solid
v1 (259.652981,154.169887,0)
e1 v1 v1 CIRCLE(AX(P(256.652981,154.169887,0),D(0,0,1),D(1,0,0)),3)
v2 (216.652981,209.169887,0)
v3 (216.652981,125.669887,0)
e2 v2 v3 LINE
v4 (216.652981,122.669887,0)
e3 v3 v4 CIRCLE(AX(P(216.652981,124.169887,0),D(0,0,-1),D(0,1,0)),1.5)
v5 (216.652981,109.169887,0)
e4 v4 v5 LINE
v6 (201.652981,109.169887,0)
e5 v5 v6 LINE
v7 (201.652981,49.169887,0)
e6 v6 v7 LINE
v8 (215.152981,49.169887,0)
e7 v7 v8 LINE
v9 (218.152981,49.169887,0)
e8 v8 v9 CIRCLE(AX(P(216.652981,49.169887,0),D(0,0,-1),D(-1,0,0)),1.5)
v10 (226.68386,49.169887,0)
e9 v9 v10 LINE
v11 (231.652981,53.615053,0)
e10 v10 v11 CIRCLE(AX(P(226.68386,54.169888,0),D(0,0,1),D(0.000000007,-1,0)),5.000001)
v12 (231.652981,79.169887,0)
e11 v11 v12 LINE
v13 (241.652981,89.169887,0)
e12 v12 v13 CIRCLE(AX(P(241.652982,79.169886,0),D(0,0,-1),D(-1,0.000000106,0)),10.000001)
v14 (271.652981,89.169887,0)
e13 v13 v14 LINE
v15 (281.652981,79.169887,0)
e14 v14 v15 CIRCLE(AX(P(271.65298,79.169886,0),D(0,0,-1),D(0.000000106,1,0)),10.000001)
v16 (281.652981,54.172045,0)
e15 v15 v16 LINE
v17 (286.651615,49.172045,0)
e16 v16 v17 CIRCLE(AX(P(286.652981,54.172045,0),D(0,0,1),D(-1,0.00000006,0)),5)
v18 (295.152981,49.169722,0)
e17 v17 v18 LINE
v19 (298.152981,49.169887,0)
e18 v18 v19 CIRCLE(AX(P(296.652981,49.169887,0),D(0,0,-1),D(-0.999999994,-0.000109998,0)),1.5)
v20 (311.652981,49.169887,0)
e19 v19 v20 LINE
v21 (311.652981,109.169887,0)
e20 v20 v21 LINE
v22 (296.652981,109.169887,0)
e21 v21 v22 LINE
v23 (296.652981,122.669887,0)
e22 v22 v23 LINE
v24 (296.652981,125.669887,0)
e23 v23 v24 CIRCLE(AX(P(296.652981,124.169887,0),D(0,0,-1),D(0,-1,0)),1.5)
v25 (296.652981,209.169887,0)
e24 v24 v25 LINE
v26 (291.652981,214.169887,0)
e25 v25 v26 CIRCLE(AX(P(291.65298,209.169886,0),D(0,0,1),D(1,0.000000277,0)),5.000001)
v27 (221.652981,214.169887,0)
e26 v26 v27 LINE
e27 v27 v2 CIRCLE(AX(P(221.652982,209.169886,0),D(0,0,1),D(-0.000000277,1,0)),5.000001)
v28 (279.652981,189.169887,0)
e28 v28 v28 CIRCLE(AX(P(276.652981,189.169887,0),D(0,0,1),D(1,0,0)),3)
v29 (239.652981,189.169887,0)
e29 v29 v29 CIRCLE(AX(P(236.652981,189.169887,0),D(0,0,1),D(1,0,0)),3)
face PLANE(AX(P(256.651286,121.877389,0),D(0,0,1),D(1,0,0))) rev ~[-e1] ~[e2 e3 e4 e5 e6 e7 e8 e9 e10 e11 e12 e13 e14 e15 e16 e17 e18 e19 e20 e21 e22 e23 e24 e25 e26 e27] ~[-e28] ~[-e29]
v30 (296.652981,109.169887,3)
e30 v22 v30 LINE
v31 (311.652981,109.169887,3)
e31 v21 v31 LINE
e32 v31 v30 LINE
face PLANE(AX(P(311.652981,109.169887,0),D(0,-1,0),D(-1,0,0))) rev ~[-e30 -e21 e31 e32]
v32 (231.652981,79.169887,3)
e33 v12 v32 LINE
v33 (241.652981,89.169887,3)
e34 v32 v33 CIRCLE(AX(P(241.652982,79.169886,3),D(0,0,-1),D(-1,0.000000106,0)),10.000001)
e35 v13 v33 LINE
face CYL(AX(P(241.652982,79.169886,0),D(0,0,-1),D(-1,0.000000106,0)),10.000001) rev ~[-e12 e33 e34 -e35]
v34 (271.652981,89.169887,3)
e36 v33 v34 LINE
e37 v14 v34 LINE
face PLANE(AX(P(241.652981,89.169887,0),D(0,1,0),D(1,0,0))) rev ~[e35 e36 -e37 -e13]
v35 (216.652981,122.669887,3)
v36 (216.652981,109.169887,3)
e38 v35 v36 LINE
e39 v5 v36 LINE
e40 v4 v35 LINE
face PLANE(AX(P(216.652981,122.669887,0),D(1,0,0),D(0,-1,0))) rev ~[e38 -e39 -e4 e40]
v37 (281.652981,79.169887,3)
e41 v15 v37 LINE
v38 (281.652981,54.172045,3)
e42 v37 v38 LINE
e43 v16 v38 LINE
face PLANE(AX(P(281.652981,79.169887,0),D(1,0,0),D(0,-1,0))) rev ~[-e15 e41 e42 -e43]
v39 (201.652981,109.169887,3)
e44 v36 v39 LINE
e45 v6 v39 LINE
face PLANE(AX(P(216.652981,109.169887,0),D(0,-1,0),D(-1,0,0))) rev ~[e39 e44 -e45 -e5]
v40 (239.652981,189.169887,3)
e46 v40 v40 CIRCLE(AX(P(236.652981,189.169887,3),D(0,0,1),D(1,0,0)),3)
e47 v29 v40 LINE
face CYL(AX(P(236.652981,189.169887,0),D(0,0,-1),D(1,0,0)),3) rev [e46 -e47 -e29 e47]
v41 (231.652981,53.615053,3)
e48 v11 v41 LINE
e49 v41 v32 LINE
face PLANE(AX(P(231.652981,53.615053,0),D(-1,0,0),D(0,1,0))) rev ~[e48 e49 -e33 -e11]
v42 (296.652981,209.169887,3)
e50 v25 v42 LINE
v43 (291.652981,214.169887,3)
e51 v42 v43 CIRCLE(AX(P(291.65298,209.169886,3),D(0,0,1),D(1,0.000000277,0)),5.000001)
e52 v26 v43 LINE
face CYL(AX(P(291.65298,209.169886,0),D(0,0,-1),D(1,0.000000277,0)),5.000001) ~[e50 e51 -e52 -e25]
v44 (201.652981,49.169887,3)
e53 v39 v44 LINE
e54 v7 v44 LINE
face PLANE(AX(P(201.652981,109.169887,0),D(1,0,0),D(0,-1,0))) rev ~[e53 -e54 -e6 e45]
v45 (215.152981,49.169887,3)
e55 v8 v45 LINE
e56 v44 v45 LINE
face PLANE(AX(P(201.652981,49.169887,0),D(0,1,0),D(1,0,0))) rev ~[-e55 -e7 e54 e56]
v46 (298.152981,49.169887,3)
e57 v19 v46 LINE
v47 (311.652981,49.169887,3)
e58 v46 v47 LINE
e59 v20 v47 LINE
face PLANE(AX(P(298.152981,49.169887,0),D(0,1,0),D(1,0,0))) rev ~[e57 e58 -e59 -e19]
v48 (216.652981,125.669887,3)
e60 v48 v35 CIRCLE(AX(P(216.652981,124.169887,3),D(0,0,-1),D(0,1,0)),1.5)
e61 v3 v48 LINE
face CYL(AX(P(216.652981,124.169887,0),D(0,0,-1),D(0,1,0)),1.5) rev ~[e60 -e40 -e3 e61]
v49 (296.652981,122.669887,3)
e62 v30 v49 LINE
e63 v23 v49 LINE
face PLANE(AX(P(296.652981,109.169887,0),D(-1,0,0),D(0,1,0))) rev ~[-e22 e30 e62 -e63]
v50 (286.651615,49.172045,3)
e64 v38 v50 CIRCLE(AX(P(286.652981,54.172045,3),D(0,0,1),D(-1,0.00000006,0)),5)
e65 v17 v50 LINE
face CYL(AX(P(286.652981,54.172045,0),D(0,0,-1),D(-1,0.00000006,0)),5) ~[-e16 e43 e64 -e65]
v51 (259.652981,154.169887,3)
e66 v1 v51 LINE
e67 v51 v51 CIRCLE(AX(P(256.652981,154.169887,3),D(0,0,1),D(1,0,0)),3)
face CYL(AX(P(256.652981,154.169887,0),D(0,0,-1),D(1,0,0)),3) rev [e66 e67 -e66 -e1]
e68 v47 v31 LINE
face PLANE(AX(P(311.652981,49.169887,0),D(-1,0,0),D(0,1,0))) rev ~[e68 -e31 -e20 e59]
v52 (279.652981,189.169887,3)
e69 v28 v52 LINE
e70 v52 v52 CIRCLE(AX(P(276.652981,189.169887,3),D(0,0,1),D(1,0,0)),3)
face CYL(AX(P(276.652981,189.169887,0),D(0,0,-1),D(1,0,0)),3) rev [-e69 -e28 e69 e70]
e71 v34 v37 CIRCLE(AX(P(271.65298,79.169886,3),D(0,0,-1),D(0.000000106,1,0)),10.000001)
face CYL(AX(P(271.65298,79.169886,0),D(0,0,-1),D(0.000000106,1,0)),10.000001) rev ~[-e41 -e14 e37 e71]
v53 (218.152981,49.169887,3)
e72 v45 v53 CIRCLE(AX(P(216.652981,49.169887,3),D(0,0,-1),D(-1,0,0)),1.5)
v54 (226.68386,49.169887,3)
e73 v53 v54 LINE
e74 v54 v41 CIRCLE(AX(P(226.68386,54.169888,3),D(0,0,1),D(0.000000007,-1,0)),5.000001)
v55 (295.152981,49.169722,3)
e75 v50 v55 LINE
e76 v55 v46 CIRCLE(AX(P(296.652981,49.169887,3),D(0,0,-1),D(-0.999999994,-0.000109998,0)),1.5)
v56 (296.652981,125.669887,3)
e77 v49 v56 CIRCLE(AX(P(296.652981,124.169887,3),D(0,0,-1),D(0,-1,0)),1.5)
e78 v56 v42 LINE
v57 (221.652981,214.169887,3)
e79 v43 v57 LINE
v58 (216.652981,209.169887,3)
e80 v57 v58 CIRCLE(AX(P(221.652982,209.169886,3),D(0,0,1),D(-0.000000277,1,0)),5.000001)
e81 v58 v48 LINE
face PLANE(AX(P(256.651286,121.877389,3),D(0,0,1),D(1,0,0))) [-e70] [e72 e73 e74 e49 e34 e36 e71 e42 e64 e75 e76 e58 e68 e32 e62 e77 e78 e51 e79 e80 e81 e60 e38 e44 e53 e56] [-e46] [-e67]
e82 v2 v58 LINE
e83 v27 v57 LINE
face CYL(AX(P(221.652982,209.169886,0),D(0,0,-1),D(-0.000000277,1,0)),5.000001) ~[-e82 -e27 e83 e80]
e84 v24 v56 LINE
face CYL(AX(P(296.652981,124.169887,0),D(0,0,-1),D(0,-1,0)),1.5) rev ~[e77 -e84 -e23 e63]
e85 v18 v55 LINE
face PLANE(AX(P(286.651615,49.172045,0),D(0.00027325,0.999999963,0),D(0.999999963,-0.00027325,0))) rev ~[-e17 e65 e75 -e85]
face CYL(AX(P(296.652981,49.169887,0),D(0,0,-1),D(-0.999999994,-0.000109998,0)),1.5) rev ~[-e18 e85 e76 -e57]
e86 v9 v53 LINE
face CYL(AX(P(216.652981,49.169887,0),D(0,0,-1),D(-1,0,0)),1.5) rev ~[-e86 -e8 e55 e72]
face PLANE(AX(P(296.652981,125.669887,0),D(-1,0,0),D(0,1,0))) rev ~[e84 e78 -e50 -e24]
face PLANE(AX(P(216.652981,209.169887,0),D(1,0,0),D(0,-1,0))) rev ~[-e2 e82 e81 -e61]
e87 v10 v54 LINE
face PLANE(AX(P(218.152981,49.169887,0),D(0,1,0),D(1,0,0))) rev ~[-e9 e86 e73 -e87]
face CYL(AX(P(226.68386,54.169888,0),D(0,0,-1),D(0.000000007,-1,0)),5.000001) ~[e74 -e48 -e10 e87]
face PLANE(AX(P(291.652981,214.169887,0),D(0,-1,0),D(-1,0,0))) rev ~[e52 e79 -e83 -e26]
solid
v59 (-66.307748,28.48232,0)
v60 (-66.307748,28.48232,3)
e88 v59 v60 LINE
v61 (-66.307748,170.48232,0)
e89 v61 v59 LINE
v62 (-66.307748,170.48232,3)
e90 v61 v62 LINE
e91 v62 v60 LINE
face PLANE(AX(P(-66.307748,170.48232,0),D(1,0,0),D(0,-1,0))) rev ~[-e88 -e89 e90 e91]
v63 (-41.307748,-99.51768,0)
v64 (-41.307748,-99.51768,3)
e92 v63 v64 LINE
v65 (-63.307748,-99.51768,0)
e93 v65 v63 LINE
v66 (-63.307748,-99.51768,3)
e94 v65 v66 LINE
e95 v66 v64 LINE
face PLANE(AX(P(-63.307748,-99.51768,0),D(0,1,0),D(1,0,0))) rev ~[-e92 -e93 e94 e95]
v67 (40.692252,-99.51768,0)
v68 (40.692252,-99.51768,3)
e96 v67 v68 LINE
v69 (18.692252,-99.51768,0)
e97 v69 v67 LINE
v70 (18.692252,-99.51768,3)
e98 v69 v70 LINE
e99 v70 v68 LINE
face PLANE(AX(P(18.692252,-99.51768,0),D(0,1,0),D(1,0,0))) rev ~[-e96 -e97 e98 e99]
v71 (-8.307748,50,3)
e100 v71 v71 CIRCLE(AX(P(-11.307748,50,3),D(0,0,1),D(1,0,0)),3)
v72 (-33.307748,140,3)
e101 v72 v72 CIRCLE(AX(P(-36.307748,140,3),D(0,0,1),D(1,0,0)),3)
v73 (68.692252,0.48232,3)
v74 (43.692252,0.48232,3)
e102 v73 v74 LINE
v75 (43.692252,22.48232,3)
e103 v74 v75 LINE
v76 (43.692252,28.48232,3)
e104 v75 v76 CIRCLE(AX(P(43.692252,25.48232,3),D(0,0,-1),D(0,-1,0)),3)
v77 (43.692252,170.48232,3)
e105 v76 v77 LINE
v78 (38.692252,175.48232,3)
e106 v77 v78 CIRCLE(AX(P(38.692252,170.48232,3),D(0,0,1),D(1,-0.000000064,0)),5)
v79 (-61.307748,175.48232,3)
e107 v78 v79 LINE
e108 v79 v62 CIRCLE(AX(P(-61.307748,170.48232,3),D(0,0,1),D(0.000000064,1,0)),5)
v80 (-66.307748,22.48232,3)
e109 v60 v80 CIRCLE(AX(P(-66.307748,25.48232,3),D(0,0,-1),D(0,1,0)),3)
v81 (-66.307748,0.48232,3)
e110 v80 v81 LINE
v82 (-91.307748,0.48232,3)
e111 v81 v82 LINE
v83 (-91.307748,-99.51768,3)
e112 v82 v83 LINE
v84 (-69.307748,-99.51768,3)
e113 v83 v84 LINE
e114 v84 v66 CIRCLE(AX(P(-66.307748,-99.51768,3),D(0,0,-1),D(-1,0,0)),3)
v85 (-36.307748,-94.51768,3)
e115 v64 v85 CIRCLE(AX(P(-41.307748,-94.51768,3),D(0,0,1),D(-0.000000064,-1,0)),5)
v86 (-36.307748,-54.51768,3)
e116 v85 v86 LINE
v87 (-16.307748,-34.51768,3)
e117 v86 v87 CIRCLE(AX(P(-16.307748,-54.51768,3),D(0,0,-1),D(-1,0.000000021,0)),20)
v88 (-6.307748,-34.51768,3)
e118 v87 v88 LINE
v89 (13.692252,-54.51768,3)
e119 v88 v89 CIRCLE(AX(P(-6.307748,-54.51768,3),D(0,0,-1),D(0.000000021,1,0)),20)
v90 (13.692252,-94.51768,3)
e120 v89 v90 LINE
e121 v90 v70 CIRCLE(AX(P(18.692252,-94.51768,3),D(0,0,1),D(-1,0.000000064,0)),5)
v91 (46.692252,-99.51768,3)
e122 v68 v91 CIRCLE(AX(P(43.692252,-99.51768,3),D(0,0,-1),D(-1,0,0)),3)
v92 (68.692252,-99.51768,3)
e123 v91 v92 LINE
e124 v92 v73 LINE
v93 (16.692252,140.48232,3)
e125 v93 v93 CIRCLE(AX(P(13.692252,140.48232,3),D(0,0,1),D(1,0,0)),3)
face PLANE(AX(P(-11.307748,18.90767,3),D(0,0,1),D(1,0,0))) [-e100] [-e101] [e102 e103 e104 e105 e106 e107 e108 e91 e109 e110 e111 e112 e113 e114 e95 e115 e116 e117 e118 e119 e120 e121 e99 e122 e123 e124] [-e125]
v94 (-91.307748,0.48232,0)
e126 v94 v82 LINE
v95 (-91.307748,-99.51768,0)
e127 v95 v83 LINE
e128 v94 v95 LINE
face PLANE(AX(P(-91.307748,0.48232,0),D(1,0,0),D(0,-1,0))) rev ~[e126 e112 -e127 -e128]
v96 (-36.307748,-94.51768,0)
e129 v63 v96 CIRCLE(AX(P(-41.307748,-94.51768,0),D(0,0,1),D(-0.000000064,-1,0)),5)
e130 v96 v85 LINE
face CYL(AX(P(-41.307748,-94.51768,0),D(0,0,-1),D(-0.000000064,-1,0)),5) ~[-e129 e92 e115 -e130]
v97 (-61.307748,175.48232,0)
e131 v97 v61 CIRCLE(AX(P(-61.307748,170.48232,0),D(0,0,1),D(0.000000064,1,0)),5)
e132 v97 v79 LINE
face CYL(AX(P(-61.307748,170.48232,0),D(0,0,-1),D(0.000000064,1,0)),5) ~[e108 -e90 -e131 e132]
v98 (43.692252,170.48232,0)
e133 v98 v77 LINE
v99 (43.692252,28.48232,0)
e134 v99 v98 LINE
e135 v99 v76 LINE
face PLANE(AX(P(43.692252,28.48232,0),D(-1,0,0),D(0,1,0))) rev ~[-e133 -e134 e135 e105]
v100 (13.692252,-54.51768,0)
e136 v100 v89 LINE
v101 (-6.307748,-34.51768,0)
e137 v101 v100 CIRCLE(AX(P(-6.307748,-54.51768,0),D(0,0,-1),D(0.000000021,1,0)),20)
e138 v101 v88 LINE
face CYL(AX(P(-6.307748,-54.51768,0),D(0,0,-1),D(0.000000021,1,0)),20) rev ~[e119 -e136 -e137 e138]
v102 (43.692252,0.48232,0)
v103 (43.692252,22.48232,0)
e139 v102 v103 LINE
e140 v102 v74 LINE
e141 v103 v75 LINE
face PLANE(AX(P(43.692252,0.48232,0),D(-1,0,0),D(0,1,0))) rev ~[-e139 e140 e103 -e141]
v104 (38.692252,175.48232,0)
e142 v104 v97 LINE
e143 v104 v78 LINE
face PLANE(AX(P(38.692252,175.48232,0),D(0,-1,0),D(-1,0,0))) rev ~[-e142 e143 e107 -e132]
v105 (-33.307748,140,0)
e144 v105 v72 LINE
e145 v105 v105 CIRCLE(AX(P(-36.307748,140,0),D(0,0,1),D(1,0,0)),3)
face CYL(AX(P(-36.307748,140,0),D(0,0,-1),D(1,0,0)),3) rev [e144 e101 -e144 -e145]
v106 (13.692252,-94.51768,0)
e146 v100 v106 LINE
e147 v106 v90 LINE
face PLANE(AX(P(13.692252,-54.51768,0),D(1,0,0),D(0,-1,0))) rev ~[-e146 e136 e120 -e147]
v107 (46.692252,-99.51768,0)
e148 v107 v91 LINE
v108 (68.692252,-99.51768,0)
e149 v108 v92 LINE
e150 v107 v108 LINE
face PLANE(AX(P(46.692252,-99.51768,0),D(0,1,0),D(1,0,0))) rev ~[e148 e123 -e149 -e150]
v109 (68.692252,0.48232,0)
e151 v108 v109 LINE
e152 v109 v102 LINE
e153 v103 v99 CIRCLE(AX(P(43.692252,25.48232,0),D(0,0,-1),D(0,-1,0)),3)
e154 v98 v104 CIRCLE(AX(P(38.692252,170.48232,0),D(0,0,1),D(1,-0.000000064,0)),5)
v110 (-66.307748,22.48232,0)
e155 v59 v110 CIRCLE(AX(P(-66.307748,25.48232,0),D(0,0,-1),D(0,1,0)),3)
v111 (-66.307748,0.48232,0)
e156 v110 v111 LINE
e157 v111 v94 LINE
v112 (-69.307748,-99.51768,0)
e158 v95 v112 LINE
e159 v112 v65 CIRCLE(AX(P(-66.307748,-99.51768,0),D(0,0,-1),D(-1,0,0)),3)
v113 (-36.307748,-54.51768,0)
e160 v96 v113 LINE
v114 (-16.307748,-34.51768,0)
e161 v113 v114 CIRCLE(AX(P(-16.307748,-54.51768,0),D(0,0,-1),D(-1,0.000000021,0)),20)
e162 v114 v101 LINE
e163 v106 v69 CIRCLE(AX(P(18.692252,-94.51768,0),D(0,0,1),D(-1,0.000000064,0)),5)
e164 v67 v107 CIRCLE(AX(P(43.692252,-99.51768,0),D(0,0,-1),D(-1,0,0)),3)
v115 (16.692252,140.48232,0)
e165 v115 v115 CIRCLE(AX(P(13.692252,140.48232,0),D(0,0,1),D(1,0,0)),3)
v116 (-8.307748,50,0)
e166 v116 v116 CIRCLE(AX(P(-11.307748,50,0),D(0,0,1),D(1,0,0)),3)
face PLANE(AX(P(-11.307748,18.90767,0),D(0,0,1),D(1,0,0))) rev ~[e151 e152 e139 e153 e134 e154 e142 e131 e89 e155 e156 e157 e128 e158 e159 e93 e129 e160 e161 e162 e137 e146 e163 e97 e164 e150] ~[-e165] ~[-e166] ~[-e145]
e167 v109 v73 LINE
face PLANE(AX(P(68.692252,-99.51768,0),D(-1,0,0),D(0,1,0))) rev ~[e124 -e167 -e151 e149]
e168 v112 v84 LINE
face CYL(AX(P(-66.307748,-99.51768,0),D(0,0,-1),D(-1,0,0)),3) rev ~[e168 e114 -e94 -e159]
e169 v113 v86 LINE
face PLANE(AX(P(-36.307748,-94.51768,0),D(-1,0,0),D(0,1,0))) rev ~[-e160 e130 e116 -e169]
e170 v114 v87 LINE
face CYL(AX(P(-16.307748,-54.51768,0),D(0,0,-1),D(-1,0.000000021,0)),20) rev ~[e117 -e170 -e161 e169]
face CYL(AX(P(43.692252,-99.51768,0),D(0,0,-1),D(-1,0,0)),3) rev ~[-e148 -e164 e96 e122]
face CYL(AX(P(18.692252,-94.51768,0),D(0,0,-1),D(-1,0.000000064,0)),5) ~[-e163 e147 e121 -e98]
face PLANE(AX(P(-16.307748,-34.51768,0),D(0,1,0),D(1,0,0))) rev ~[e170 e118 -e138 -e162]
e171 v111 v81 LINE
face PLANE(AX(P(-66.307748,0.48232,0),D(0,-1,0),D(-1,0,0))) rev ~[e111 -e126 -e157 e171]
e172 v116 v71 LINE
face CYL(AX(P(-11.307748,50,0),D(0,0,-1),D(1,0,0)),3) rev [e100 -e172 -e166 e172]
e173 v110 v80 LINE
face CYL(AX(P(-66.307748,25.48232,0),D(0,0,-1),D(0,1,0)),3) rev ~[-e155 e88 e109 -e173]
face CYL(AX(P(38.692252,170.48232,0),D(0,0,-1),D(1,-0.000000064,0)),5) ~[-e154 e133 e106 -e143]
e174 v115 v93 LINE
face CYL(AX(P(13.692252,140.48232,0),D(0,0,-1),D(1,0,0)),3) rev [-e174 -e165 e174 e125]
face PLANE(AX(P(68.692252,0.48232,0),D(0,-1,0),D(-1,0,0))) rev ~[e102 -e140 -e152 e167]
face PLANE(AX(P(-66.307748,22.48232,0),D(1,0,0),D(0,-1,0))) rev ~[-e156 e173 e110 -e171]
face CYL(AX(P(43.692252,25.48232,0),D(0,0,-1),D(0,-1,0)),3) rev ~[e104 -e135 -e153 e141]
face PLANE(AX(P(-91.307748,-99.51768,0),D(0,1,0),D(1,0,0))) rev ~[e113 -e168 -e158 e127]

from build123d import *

# Parameters (mm, degrees)
F0_R     = 3
F1_DEPTH = 3
F2_R     = 3
F3_DEPTH = 3


with BuildPart() as f1:
    # F0 (on Top) → F1 (new body)
    with BuildSketch(Plane.XY):
        with BuildLine():
            Line((38.692252, 175.48232), (-61.307748, 175.48232))
            ThreePointArc((-61.307748, 175.48232), (-64.843282, 174.017854), (-66.307748, 170.48232))
            Line((-66.307748, 170.48232), (-66.307748, 28.48232))
            ThreePointArc((-66.307748, 28.48232), (-63.307748, 25.48232), (-66.307748, 22.48232))
            Line((-66.307748, 22.48232), (-66.307748, 0.48232))
            Line((-66.307748, 0.48232), (-91.307748, 0.48232))
            Line((-91.307748, 0.48232), (-91.307748, -99.51768))
            Line((-91.307748, -99.51768), (-69.307748, -99.51768))
            ThreePointArc((-69.307748, -99.51768), (-66.307748, -96.51768), (-63.307748, -99.51768))
            Line((-63.307748, -99.51768), (-41.307748, -99.51768))
            ThreePointArc((-41.307748, -99.51768), (-37.772214, -98.053214), (-36.307748, -94.51768))
            Line((-36.307748, -94.51768), (-36.307748, -54.51768))
            ThreePointArc((-36.307748, -54.51768), (-30.449884, -40.375545), (-16.307748, -34.51768))
            Line((-16.307748, -34.51768), (-6.307748, -34.51768))
            ThreePointArc((-6.307748, -34.51768), (7.834388, -40.375545), (13.692252, -54.51768))
            Line((13.692252, -54.51768), (13.692252, -94.51768))
            ThreePointArc((13.692252, -94.51768), (15.156718, -98.053214), (18.692252, -99.51768))
            Line((18.692252, -99.51768), (40.692252, -99.51768))
            ThreePointArc((40.692252, -99.51768), (43.692252, -96.51768), (46.692252, -99.51768))
            Line((46.692252, -99.51768), (68.692252, -99.51768))
            Line((68.692252, -99.51768), (68.692252, 0.48232))
            Line((68.692252, 0.48232), (43.692252, 0.48232))
            Line((43.692252, 0.48232), (43.692252, 22.48232))
            ThreePointArc((43.692252, 22.48232), (40.692252, 25.48232), (43.692252, 28.48232))
            Line((43.692252, 28.48232), (43.692252, 170.48232))
            ThreePointArc((43.692252, 170.48232), (42.227786, 174.017854), (38.692252, 175.48232))
        make_face()
        with Locations((-11.307748, 50)):
            Circle(F0_R, mode=Mode.SUBTRACT)
        with Locations((-36.307748, 140)):
            Circle(F0_R, mode=Mode.SUBTRACT)
        with Locations((13.692252, 140.48232)):
            Circle(F0_R, mode=Mode.SUBTRACT)
    extrude(amount=F1_DEPTH)


with BuildPart() as f3:
    # F2 (on Top) → F3 (new body)
    with BuildSketch(Plane.XY):
        with BuildLine():
            Line((291.652981, 214.169887), (221.652981, 214.169887))
            ThreePointArc((221.652981, 214.169887), (218.117447, 212.70542), (216.652981, 209.169887))
            Line((216.652981, 209.169887), (216.652981, 125.669887))
            ThreePointArc((216.652981, 125.669887), (218.152981, 124.169887), (216.652981, 122.669887))
            Line((216.652981, 122.669887), (216.652981, 109.169887))
            Line((216.652981, 109.169887), (201.652981, 109.169887))
            Line((201.652981, 109.169887), (201.652981, 49.169887))
            Line((201.652981, 49.169887), (215.152981, 49.169887))
            ThreePointArc((215.152981, 49.169887), (216.652981, 50.669887), (218.152981, 49.169887))
            Line((218.152981, 49.169887), (226.68386, 49.169887))
            ThreePointArc((226.68386, 49.169887), (230.017464, 50.443349), (231.652981, 53.615053))
            Line((231.652981, 53.615053), (231.652981, 79.169887))
            ThreePointArc((231.652981, 79.169887), (234.581913, 86.240954), (241.652981, 89.169887))
            Line((241.652981, 89.169887), (271.652981, 89.169887))
            ThreePointArc((271.652981, 89.169887), (278.724049, 86.240954), (281.652981, 79.169887))
            Line((281.652981, 79.169887), (281.652981, 54.172045))
            ThreePointArc((281.652981, 54.172045), (283.116964, 50.636994), (286.651615, 49.172045))
            Line((286.651615, 49.172045), (295.152981, 49.169722))
            ThreePointArc((295.152981, 49.169722), (296.652899, 50.669887), (298.152981, 49.169887))
            Line((298.152981, 49.169887), (311.652981, 49.169887))
            Line((311.652981, 49.169887), (311.652981, 109.169887))
            Line((311.652981, 109.169887), (296.652981, 109.169887))
            Line((296.652981, 109.169887), (296.652981, 122.669887))
            ThreePointArc((296.652981, 122.669887), (295.152981, 124.169887), (296.652981, 125.669887))
            Line((296.652981, 125.669887), (296.652981, 209.169887))
            ThreePointArc((296.652981, 209.169887), (295.188515, 212.70542), (291.652981, 214.169887))
        make_face()
        with Locations((236.652981, 189.169887)):
            Circle(F2_R, mode=Mode.SUBTRACT)
        with Locations((256.652981, 154.169887)):
            Circle(F2_R, mode=Mode.SUBTRACT)
        with Locations((276.652981, 189.169887)):
            Circle(F2_R, mode=Mode.SUBTRACT)
    extrude(amount=F3_DEPTH)


solid = Compound([f1.part, f3.part])
